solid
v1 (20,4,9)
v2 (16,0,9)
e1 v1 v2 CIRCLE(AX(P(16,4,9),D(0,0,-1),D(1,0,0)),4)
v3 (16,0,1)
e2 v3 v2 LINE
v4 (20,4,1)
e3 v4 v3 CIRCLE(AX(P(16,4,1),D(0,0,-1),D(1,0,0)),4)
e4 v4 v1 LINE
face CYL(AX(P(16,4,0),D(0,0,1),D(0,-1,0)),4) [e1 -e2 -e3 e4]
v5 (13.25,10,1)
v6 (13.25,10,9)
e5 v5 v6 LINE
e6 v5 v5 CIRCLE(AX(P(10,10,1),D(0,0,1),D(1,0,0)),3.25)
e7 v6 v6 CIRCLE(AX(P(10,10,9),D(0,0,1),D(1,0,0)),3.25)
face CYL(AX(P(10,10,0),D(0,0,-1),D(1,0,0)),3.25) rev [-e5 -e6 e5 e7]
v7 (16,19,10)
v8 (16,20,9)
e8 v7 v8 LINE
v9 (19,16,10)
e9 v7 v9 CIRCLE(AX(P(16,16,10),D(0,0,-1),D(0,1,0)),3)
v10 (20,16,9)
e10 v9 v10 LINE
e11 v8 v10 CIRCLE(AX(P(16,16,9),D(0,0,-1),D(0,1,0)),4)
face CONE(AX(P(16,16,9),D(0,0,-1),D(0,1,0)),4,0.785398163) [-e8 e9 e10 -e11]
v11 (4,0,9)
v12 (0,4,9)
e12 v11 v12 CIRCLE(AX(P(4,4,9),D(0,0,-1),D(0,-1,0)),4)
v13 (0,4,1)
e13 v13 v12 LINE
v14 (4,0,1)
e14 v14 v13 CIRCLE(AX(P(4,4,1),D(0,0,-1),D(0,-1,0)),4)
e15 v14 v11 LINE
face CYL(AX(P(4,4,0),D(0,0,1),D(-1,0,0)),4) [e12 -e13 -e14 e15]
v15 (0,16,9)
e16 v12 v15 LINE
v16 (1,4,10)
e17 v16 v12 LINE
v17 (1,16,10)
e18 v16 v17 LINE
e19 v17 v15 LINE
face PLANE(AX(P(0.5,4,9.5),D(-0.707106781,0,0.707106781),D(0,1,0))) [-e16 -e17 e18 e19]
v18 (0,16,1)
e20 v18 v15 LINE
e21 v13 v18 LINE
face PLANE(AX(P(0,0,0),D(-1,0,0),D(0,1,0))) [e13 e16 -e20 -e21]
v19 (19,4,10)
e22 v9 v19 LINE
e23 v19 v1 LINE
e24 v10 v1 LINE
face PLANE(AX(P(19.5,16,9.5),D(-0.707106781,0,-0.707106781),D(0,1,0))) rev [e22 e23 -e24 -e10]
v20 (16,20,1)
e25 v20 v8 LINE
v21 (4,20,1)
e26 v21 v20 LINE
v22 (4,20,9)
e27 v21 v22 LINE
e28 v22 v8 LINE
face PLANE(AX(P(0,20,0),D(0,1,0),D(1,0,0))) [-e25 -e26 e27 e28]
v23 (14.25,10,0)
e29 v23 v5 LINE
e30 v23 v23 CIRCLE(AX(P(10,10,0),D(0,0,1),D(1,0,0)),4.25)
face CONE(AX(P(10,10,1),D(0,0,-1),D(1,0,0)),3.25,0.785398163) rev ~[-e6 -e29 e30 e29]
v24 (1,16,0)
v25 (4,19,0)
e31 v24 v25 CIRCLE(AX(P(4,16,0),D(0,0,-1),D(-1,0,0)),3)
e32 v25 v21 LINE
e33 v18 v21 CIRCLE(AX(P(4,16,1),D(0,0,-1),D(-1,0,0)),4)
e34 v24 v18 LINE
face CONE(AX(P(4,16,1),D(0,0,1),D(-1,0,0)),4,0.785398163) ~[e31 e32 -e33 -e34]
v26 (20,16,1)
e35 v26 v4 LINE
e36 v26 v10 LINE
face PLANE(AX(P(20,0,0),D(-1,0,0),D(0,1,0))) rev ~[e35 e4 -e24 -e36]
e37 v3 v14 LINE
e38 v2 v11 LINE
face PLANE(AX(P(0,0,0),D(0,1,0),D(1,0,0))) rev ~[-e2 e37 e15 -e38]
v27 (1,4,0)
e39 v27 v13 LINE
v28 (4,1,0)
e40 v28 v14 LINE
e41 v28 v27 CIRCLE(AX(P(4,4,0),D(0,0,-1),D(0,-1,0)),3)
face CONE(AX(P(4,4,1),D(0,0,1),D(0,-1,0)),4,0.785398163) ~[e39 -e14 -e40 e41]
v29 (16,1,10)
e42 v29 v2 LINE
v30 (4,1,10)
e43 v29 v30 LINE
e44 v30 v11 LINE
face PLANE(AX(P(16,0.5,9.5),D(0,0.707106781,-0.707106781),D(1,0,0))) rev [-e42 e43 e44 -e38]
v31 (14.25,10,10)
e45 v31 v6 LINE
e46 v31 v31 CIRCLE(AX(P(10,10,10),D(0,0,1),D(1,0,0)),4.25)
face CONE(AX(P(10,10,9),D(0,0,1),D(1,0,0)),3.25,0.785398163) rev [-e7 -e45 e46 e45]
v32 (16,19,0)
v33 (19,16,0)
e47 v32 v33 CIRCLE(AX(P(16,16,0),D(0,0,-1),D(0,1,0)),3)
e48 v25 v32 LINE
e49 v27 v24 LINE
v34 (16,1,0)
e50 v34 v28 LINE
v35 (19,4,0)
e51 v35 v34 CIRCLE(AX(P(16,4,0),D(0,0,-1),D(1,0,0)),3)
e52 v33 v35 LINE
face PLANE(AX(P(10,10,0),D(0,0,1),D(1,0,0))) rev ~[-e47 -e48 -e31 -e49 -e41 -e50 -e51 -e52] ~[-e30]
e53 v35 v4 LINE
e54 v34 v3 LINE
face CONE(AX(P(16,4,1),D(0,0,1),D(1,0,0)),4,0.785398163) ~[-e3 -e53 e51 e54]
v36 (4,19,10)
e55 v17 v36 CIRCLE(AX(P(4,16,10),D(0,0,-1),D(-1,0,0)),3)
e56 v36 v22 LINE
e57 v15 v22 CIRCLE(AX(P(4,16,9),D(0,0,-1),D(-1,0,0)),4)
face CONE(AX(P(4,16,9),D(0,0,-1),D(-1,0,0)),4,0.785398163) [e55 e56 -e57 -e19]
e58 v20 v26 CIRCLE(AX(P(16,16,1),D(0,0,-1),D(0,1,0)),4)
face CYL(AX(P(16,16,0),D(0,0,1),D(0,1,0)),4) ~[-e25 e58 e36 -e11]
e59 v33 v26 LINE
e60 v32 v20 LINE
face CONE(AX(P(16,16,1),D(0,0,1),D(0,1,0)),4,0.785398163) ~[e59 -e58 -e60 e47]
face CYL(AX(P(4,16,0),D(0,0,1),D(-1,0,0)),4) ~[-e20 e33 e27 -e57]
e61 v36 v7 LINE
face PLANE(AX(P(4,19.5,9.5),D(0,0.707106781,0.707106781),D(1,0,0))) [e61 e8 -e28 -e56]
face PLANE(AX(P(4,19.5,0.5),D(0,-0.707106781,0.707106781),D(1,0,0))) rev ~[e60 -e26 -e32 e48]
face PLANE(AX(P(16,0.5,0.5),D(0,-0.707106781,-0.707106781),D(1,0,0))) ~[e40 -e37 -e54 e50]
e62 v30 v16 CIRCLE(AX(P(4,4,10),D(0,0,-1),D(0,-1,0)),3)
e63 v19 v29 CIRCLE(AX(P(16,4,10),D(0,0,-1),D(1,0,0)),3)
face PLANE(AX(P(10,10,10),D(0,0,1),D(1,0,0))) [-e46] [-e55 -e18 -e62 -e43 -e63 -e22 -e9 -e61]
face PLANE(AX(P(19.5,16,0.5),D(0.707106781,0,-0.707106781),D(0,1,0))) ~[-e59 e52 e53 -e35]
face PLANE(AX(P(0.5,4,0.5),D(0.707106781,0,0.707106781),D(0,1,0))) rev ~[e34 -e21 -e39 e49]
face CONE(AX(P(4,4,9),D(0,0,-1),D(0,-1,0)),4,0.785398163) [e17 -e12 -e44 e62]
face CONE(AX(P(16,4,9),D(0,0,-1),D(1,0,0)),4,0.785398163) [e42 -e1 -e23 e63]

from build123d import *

# Parameters (mm, degrees)
SKETCH_W        = 20
SKETCH_H        = 20
SKETCH_R        = 3.25
PAD_DEPTH       = 10
FILLET_R        = 4
CHAMFER_SIZE    = 1
CHAMFER001_SIZE = 1


with BuildPart() as part:
    # Sketch → Pad (new body)
    with BuildSketch(Plane.XY):
        with Locations((10, 10)):
            Rectangle(SKETCH_W, SKETCH_H)
        with Locations((10, 10)):
            Circle(SKETCH_R, mode=Mode.SUBTRACT)
    extrude(amount=PAD_DEPTH)

    # Fillet
    fillet_edges = [part.edges().sort_by_distance(p)[0] for p in [
        (0, 20, 5),
        (20, 20, 5),
        (0, 0, 5),
        (20, 0, 5),
    ]]
    fillet(fillet_edges, radius=FILLET_R)

    # Chamfer
    chamfer_edges = [part.edges().sort_by_distance(p)[0] for p in [
        (10, 20, 10),
        (1.171573, 18.828427, 10),
        (18.828427, 18.828427, 10),
        (0, 10, 10),
        (20, 10, 10),
        (1.171573, 1.171573, 10),
        (18.828427, 1.171573, 10),
        (10, 0, 10),
        (6.75, 10, 10),
    ]]
    chamfer(chamfer_edges, length=CHAMFER_SIZE)

    # Chamfer001
    chamfer001_edges = [part.edges().sort_by_distance(p)[0] for p in [
        (10, 20, 0),
        (1.171573, 18.828427, 0),
        (18.828427, 18.828427, 0),
        (0, 10, 0),
        (20, 10, 0),
        (1.171573, 1.171573, 0),
        (18.828427, 1.171573, 0),
        (10, 0, 0),
        (6.75, 10, 0),
    ]]
    chamfer(chamfer001_edges, length=CHAMFER001_SIZE)


solid = part.part
